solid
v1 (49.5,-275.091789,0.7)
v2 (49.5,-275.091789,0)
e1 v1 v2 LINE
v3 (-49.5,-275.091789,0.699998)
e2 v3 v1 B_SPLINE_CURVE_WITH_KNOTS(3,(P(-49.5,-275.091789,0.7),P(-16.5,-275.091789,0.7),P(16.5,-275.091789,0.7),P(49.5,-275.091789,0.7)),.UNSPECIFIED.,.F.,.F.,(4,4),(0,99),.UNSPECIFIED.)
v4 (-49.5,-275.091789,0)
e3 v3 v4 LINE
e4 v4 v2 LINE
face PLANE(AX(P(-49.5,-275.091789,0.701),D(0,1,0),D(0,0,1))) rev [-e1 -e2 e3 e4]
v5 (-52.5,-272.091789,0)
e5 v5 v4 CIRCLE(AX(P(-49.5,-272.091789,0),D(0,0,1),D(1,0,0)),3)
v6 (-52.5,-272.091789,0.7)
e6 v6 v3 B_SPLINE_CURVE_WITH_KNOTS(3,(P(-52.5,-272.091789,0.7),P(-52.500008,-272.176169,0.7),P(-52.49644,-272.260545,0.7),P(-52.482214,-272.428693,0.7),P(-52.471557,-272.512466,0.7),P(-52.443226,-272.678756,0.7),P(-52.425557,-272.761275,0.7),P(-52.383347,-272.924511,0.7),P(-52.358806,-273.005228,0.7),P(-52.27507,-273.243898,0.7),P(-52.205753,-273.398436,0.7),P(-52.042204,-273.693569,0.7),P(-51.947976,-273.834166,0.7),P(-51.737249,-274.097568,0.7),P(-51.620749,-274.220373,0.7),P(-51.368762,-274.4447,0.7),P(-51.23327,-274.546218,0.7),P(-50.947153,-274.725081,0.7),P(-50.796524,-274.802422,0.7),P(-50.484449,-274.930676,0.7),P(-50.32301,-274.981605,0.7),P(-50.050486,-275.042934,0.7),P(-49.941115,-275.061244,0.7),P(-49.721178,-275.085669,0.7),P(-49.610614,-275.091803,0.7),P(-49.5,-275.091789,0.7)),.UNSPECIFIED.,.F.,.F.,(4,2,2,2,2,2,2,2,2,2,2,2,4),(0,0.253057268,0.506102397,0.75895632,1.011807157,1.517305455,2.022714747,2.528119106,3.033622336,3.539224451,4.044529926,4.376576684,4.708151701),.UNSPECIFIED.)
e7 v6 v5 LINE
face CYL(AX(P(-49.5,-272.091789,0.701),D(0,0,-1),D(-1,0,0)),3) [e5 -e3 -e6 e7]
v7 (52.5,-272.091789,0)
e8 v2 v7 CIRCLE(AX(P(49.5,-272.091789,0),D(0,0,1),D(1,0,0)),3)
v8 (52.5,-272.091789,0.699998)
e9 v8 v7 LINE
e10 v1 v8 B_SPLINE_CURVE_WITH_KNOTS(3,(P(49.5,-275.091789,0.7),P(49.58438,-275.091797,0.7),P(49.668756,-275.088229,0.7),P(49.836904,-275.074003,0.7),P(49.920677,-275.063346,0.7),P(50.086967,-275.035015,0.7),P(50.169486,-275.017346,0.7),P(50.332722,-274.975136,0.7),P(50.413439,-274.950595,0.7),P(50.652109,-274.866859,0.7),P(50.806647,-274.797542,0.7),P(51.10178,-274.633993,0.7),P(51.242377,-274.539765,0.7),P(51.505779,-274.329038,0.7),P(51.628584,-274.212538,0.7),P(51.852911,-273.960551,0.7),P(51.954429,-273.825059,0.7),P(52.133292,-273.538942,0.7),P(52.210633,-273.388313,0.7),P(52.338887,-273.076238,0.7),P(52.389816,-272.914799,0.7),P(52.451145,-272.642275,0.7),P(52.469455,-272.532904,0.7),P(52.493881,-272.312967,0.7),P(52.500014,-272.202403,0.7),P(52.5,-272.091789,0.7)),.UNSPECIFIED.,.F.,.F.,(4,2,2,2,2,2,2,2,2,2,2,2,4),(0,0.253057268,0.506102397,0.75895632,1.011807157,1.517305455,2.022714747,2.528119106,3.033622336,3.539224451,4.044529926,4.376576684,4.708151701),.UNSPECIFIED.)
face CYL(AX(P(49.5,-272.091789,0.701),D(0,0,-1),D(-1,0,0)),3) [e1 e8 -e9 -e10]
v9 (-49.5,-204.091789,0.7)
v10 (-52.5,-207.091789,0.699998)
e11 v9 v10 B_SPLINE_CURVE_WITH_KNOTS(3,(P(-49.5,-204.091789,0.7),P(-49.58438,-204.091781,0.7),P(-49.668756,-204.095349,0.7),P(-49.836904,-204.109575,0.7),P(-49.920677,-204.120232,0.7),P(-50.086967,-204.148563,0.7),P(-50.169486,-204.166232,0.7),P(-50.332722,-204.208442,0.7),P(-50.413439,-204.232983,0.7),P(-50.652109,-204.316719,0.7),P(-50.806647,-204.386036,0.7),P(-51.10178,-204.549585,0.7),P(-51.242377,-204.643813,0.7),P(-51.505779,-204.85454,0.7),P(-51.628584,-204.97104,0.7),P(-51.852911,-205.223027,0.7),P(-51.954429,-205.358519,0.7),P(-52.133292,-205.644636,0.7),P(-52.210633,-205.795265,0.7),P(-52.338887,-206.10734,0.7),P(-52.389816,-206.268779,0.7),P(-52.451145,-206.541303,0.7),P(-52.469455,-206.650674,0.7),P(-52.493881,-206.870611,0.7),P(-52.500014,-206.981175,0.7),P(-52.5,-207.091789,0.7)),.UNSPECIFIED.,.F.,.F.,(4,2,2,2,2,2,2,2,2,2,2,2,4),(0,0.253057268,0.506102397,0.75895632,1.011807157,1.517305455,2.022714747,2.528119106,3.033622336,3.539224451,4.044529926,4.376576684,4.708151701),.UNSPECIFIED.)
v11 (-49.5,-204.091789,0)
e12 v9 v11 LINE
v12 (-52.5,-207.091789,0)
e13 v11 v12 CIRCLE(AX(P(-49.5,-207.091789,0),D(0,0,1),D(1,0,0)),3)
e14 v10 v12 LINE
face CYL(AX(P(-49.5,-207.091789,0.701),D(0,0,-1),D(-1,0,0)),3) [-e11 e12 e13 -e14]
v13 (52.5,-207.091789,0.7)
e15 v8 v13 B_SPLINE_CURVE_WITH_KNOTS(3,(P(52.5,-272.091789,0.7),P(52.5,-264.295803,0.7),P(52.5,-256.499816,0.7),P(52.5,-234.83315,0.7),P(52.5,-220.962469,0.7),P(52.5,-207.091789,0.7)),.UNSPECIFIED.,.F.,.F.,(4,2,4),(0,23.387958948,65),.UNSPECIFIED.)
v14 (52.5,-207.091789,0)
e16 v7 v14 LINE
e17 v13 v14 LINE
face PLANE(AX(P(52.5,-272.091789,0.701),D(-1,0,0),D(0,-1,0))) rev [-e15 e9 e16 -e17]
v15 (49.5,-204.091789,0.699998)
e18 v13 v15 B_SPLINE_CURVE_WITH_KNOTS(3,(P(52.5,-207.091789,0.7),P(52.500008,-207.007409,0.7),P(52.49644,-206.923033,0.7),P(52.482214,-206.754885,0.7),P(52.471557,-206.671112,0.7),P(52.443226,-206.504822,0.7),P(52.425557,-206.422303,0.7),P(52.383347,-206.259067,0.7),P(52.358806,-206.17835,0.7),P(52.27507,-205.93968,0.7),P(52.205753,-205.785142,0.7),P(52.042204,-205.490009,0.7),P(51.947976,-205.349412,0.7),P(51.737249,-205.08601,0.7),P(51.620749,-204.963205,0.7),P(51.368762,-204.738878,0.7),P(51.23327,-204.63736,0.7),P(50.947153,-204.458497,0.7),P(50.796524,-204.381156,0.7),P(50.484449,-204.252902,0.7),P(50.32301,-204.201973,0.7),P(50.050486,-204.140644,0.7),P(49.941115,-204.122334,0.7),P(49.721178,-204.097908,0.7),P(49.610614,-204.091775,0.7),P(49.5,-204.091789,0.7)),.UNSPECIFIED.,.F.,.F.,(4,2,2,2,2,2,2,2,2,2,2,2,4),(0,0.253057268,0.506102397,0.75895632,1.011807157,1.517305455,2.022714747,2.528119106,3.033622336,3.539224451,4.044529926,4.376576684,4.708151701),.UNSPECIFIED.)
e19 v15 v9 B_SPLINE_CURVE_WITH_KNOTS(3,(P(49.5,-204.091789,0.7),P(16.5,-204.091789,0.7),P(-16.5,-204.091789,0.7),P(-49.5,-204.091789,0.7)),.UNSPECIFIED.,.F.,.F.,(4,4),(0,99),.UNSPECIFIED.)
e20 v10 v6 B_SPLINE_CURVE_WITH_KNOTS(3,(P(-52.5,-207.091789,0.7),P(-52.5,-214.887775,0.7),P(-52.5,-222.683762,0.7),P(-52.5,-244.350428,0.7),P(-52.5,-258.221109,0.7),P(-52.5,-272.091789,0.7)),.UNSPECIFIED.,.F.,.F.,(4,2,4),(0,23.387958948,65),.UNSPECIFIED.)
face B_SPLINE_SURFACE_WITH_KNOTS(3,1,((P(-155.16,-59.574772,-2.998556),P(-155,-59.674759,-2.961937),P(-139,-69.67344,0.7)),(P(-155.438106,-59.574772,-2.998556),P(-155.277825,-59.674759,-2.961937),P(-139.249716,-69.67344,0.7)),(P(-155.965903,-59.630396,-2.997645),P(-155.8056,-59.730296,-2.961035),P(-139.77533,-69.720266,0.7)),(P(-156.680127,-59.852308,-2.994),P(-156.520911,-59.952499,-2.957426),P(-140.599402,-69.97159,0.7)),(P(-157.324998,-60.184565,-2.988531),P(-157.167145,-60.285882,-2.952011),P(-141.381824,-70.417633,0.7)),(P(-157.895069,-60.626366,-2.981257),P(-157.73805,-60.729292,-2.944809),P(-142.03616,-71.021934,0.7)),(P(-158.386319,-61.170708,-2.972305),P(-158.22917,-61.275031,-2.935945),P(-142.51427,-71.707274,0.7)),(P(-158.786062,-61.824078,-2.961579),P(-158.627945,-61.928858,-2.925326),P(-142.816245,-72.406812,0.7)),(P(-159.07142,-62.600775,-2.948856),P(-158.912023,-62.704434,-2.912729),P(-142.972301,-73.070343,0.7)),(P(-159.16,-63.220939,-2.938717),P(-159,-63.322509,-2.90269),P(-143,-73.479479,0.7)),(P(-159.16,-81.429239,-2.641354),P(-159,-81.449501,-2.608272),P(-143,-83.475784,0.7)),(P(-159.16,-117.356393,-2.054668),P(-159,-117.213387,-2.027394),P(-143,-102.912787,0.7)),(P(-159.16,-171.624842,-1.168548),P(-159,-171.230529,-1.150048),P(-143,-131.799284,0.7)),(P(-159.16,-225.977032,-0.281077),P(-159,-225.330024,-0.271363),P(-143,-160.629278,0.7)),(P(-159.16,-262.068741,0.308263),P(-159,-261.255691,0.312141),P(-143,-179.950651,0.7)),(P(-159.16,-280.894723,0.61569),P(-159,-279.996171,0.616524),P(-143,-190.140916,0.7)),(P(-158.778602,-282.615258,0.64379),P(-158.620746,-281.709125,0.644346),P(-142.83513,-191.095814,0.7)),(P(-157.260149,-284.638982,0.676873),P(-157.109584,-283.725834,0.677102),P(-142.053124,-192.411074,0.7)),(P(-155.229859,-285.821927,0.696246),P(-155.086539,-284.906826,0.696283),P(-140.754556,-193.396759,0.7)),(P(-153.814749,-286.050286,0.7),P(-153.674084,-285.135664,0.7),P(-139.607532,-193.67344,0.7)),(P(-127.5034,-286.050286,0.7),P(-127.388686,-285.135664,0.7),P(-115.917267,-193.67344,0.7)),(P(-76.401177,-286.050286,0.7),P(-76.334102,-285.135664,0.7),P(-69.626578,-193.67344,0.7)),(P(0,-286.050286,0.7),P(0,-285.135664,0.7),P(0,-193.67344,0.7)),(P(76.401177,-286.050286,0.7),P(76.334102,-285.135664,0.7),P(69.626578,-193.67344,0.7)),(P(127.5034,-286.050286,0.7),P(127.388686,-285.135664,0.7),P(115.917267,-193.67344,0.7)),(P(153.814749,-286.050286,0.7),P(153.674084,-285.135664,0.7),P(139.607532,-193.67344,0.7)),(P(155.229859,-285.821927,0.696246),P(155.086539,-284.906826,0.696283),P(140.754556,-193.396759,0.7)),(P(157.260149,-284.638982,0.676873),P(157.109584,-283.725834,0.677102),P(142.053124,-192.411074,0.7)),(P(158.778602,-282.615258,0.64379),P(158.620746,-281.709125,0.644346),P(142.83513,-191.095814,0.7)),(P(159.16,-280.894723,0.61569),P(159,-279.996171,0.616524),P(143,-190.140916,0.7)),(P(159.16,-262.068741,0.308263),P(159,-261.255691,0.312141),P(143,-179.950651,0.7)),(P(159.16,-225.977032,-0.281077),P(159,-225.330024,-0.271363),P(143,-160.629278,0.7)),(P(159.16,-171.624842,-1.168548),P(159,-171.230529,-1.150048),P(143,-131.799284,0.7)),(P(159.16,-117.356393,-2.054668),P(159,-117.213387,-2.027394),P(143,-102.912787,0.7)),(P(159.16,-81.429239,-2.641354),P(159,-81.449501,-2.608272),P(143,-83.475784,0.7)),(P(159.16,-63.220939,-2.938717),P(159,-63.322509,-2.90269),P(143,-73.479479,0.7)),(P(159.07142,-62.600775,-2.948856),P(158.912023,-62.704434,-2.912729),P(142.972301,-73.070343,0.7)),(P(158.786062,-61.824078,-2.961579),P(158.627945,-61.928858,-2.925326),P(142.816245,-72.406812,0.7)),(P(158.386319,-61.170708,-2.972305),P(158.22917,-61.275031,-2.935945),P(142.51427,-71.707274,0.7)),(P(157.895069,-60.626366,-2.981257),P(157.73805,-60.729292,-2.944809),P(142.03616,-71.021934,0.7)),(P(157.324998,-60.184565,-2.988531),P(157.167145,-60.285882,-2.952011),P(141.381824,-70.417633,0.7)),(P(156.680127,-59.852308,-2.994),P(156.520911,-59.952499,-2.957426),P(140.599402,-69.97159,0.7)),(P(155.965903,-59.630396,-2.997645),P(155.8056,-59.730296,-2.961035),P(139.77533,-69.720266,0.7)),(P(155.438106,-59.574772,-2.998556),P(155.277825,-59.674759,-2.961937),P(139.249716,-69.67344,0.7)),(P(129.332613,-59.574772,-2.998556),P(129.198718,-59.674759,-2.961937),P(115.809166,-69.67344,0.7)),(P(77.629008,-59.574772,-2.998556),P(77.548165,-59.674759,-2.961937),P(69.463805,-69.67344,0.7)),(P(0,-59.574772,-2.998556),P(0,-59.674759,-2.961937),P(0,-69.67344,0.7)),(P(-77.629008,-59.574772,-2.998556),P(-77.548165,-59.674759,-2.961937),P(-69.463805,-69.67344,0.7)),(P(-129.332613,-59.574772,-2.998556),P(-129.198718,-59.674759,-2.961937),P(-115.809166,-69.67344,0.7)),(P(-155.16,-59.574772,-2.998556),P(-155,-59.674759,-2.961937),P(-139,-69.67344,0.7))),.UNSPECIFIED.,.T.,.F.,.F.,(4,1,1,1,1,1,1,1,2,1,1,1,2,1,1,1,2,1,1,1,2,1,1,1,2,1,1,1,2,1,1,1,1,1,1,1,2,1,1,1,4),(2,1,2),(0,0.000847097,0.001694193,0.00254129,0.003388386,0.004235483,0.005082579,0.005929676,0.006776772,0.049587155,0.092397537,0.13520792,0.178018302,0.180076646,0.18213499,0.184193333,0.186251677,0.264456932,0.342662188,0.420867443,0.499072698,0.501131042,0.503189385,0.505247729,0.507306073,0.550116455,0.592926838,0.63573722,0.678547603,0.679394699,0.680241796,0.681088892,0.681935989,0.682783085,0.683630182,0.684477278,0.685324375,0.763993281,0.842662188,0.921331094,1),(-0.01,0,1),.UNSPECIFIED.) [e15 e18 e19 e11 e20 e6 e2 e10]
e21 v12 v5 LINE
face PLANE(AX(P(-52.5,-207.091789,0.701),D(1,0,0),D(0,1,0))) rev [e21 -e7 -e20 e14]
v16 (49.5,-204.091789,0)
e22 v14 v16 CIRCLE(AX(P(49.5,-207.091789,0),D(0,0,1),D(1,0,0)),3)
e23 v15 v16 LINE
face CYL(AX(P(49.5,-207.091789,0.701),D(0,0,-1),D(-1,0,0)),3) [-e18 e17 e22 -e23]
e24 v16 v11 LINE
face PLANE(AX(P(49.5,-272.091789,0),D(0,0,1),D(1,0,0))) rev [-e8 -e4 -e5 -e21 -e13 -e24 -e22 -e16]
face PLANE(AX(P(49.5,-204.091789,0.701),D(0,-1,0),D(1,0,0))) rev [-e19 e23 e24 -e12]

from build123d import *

# Parameters (mm, degrees)
BOSS_EXTRUDE1_DEPTH = 0.7


with BuildPart() as part:
    # Sketch1 → Boss-Extrude1 (new body)
    with BuildSketch(Plane.XY):
        with BuildLine():
            Line((52.5, -272.091788977), (52.5, -207.091788977))
            ThreePointArc((52.5, -207.091788977), (51.621320344, -204.970468633), (49.5, -204.091788977))
            Line((49.5, -204.091788977), (-49.5, -204.091788977))
            ThreePointArc((-49.5, -204.091788977), (-51.621320344, -204.970468633), (-52.5, -207.091788977))
            Line((-52.5, -207.091788977), (-52.5, -272.091788977))
            ThreePointArc((-52.5, -272.091788977), (-51.621320344, -274.213109321), (-49.5, -275.091788977))
            Line((-49.5, -275.091788977), (49.5, -275.091788977))
            ThreePointArc((49.5, -275.091788977), (51.621320344, -274.213109321), (52.5, -272.091788977))
        make_face()
    extrude(amount=BOSS_EXTRUDE1_DEPTH)


solid = part.part
